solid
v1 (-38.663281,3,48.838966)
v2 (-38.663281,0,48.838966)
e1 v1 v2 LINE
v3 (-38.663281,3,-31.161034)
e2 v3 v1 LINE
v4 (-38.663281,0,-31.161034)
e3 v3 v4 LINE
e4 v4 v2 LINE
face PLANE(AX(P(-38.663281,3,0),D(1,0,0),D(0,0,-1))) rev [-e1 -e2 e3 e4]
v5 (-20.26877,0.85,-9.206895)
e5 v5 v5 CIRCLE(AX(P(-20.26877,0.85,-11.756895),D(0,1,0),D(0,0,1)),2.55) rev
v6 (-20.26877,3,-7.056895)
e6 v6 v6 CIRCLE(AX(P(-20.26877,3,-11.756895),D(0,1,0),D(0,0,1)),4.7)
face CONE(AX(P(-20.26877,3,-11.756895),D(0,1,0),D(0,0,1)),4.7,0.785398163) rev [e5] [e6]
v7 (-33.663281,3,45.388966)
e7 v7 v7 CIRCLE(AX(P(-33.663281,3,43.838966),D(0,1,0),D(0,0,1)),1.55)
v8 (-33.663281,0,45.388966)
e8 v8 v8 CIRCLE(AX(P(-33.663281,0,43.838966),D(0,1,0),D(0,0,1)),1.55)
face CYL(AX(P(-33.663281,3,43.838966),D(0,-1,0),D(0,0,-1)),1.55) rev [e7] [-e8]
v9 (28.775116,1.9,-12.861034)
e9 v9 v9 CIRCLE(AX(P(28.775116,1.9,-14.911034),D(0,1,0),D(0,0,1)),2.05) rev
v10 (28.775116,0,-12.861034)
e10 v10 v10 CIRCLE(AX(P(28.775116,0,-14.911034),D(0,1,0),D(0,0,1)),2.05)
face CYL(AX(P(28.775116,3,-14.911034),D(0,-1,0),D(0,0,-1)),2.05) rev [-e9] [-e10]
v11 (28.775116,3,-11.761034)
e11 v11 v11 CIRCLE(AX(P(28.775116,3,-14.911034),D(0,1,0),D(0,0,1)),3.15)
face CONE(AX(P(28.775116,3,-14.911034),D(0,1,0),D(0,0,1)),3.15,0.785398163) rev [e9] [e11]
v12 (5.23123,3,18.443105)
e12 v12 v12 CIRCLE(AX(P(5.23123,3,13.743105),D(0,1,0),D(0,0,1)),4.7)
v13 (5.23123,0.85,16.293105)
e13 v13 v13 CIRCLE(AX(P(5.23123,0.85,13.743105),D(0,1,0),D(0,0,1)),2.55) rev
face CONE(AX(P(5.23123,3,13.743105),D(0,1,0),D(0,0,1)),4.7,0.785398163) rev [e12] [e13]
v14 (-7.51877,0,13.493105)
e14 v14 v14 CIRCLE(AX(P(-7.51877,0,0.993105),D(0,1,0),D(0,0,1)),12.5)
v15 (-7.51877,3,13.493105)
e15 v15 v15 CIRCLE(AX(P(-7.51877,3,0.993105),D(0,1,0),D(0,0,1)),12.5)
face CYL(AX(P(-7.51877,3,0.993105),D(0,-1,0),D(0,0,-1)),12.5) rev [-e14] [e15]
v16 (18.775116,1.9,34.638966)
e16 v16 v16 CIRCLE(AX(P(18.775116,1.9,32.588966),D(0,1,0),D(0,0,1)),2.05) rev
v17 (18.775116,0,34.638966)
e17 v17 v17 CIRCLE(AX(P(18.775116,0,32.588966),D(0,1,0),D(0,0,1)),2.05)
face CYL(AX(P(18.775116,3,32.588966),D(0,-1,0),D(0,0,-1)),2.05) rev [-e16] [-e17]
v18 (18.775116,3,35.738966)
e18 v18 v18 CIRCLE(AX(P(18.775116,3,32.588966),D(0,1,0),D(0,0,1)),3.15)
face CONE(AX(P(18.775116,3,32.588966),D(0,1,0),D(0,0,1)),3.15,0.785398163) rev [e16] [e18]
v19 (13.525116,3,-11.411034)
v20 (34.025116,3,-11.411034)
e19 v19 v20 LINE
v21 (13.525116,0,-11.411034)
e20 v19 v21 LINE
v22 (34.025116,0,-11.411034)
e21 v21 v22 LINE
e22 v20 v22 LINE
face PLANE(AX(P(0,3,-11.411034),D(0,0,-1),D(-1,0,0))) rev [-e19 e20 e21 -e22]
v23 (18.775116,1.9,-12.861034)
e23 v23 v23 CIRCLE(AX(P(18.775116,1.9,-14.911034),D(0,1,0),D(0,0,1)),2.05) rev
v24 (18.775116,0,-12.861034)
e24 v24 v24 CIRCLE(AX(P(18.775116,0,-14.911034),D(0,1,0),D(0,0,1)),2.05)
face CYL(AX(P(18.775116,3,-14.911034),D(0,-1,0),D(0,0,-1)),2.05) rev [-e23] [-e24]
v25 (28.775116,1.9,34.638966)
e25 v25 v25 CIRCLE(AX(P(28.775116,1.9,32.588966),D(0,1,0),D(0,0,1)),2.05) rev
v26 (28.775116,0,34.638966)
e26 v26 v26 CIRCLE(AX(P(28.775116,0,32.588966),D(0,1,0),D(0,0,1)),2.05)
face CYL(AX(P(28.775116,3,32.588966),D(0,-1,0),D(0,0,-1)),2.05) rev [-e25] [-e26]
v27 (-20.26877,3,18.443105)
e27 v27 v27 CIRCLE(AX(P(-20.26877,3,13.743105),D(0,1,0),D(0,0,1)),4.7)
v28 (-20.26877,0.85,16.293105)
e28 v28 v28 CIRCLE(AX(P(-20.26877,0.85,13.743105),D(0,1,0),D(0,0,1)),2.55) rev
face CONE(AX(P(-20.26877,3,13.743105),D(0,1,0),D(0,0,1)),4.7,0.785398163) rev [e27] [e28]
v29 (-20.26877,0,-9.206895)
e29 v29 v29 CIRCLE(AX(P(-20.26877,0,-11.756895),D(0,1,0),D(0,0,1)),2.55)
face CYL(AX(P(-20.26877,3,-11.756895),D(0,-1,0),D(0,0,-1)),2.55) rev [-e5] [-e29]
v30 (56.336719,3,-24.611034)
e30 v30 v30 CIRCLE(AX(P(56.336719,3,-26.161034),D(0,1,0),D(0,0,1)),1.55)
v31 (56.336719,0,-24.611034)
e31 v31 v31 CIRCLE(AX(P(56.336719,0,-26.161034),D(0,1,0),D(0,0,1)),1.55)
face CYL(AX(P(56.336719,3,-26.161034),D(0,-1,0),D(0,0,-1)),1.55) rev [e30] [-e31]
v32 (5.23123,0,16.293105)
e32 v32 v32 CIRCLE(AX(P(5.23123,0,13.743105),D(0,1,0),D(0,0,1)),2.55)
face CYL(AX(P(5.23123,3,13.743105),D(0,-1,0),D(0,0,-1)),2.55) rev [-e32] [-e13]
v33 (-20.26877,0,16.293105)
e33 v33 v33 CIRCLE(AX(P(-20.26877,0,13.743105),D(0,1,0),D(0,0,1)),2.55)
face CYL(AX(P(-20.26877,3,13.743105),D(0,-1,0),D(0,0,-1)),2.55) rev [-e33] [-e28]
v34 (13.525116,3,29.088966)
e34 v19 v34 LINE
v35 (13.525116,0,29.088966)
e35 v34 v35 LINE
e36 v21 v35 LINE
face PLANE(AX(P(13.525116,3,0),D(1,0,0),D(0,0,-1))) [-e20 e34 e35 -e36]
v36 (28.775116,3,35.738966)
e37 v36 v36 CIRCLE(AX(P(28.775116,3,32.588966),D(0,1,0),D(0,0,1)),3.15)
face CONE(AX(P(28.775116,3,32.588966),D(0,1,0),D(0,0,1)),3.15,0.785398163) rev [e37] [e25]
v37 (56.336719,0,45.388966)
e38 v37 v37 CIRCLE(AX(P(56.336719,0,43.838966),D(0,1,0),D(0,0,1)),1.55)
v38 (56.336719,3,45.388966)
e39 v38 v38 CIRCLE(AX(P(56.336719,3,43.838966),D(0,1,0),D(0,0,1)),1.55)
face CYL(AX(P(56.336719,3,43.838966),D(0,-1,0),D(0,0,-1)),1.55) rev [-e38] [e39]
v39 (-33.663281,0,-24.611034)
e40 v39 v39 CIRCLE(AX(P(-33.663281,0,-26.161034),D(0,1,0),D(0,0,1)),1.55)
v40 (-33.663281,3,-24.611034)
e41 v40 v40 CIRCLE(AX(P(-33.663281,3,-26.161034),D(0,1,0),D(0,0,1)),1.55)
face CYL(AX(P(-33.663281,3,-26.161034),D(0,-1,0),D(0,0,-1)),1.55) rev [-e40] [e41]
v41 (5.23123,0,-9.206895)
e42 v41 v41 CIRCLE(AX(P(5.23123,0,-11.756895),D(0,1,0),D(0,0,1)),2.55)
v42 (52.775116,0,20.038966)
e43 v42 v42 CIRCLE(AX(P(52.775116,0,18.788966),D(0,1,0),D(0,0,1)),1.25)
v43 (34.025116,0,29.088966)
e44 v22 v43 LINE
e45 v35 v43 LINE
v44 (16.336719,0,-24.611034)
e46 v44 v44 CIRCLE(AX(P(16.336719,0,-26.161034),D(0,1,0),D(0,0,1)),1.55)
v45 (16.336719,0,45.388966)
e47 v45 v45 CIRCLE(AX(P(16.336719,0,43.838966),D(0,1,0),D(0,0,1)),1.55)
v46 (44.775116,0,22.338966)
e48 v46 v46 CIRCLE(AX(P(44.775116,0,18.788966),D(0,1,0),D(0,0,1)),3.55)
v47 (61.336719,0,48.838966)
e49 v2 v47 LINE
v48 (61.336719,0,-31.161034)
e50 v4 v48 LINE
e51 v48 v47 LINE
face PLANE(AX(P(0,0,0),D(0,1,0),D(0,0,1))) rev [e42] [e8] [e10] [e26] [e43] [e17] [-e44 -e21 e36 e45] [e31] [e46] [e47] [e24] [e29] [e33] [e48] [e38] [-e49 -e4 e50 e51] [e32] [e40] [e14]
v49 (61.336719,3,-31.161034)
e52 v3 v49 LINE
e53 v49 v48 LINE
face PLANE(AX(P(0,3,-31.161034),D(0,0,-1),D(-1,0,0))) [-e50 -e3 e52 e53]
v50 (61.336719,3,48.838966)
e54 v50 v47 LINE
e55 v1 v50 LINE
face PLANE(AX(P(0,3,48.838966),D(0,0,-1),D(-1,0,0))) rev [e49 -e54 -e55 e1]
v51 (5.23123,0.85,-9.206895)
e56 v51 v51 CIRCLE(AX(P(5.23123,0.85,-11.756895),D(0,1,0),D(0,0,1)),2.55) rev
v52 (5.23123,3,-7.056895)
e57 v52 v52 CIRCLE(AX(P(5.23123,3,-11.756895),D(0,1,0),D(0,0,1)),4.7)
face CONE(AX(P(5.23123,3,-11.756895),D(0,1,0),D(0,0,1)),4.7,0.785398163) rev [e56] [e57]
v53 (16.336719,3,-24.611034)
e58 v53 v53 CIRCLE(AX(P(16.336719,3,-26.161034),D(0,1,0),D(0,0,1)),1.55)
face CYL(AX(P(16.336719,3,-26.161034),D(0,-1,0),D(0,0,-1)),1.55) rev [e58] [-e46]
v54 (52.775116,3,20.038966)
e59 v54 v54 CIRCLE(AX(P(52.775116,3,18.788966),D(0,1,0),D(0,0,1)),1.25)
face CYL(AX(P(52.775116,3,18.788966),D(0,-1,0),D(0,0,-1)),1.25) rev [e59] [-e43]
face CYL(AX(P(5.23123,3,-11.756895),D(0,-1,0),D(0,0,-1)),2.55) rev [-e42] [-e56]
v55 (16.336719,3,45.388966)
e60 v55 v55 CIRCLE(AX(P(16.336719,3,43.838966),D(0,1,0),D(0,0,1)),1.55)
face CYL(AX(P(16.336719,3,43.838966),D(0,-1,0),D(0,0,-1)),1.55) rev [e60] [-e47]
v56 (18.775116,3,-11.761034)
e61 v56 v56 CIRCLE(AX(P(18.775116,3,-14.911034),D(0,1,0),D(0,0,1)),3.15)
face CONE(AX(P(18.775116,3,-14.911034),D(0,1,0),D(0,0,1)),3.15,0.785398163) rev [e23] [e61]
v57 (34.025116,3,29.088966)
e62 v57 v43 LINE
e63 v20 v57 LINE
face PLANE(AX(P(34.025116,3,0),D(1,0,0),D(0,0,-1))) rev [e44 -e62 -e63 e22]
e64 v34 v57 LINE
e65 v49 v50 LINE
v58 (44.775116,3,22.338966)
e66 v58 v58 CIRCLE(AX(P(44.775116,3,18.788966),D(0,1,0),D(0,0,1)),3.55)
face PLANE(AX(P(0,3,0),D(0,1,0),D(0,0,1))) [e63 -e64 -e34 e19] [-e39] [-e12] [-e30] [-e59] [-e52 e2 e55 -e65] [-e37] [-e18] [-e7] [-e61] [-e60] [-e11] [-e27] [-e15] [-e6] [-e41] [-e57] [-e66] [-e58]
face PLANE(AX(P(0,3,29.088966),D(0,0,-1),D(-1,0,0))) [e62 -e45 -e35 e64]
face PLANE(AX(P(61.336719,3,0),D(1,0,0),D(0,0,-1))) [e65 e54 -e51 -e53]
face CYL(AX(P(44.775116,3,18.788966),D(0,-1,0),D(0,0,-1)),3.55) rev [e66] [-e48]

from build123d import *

# Parameters (mm, degrees)
SZKIC1_W                                     = 100
SZKIC1_H                                     = 80
SZKIC1_R                                     = 12.5
SZKIC1_R_2                                   = 2.55
SZKIC1_R_3                                   = 2.05
SZKIC1_R_4                                   = 3.55
SZKIC1_R_5                                   = 1.55
SZKIC1_R_6                                   = 1.25
SZKIC1_W_2                                   = 20.5
SZKIC1_H_2                                   = 40.5
DODANIE_WYCI_GNI_CIE1_DEPTH                  = 3
CSK_FOR_M4_COUNTERSUNK_FLAT_HEAD_SCR_2_COUNT = 2
CSK_FOR_M4_COUNTERSUNK_FLAT_HEAD_SCR_2_PITCH = 25.5
CSK_FOR_M4_COUNTERSUNK_FLAT_HEAD_SCR_3_COUNT = 2
CSK_FOR_M4_COUNTERSUNK_FLAT_HEAD_SCR_3_PITCH = 36.062445841
CSK_FOR_M4_COUNTERSUNK_FLAT_HEAD_SCR_4_COUNT = 2
CSK_FOR_M4_COUNTERSUNK_FLAT_HEAD_SCR_4_PITCH = 25.5
CSK_FOR_M3_COUNTERSUNK_FLAT_HEAD_SCR_2_COUNT = 2
CSK_FOR_M3_COUNTERSUNK_FLAT_HEAD_SCR_2_PITCH = 10
CSK_FOR_M3_COUNTERSUNK_FLAT_HEAD_SCR_3_COUNT = 2
CSK_FOR_M3_COUNTERSUNK_FLAT_HEAD_SCR_3_PITCH = 47.5
CSK_FOR_M3_COUNTERSUNK_FLAT_HEAD_SCR_4_COUNT = 2
CSK_FOR_M3_COUNTERSUNK_FLAT_HEAD_SCR_4_PITCH = 48.541219597


with BuildPart() as part:
    # Szkic1 → Dodanie-wyciągnięcie1 (new body)
    with BuildSketch(Plane(origin=(0, 0, 0), x_dir=(1, 0, 0), z_dir=(0, 1, 0))):
        with Locations((11.336719097, -8.838965942)):
            Rectangle(SZKIC1_W, SZKIC1_H)
        with Locations((-7.518770099, -0.993104788)):
            Circle(SZKIC1_R, mode=Mode.SUBTRACT)
        with Locations((-20.268770099, 11.756895212)):
            Circle(SZKIC1_R_2, mode=Mode.SUBTRACT)
        with Locations((5.231229901, 11.756895212)):
            Circle(SZKIC1_R_2, mode=Mode.SUBTRACT)
        with Locations((5.231229901, -13.743104788)):
            Circle(SZKIC1_R_2, mode=Mode.SUBTRACT)
        with Locations((-20.268770099, -13.743104788)):
            Circle(SZKIC1_R_2, mode=Mode.SUBTRACT)
        with Locations((18.775116298, 14.911034058)):
            Circle(SZKIC1_R_3, mode=Mode.SUBTRACT)
        with Locations((28.775116298, 14.911034058)):
            Circle(SZKIC1_R_3, mode=Mode.SUBTRACT)
        with Locations((18.775116298, -32.588965942)):
            Circle(SZKIC1_R_3, mode=Mode.SUBTRACT)
        with Locations((28.775116298, -32.588965942)):
            Circle(SZKIC1_R_3, mode=Mode.SUBTRACT)
        with Locations((44.775116298, -18.788965942)):
            Circle(SZKIC1_R_4, mode=Mode.SUBTRACT)
        with Locations((-33.663280903, 26.161034058)):
            Circle(SZKIC1_R_5, mode=Mode.SUBTRACT)
        with Locations((56.336719097, 26.161034058)):
            Circle(SZKIC1_R_5, mode=Mode.SUBTRACT)
        with Locations((56.336719097, -43.838965942)):
            Circle(SZKIC1_R_5, mode=Mode.SUBTRACT)
        with Locations((-33.663280903, -43.838965942)):
            Circle(SZKIC1_R_5, mode=Mode.SUBTRACT)
        with Locations((16.336719097, 26.161034058)):
            Circle(SZKIC1_R_5, mode=Mode.SUBTRACT)
        with Locations((16.336719097, -43.838965942)):
            Circle(SZKIC1_R_5, mode=Mode.SUBTRACT)
        with Locations((52.775116298, -18.788965942)):
            Circle(SZKIC1_R_6, mode=Mode.SUBTRACT)
        with Locations((23.775116298, -8.838965942)):
            Rectangle(SZKIC1_W_2, SZKIC1_H_2, mode=Mode.SUBTRACT)
    extrude(amount=DODANIE_WYCI_GNI_CIE1_DEPTH)

    # Sketch4 → CSK for M4 Countersunk Flat Head Screw1 (revolve, cut)
    with BuildSketch(Plane(origin=(-20.268770099, 3, 13.743104788), x_dir=(0, 0, 1), z_dir=(1, 0, 0))):
        Polygon((0, 0), (0, 3), (2.25, 3), (2.25, 2.45), (4.7, 0), align=None)
    csk_for_m4_countersunk_flat_head_screw1 = revolve(axis=Axis((-20.268770099, 9.35, 13.743104788), (0, -1, 0)), mode=Mode.SUBTRACT)

    # CSK for M4 Countersunk Flat Head Scr 2: CSK for M4 Countersunk Flat Head Screw1 ×2
    with Locations(*[(i * CSK_FOR_M4_COUNTERSUNK_FLAT_HEAD_SCR_2_PITCH, 0, 0) for i in range(1, CSK_FOR_M4_COUNTERSUNK_FLAT_HEAD_SCR_2_COUNT)]):
        add(csk_for_m4_countersunk_flat_head_screw1, mode=Mode.SUBTRACT)

    # CSK for M4 Countersunk Flat Head Scr 3: CSK for M4 Countersunk Flat Head Screw1 ×2
    with Locations(*[Vector(0.707106781, 0, -0.707106781) * (i * CSK_FOR_M4_COUNTERSUNK_FLAT_HEAD_SCR_3_PITCH) for i in range(1, CSK_FOR_M4_COUNTERSUNK_FLAT_HEAD_SCR_3_COUNT)]):
        add(csk_for_m4_countersunk_flat_head_screw1, mode=Mode.SUBTRACT)

    # CSK for M4 Countersunk Flat Head Scr 4: CSK for M4 Countersunk Flat Head Screw1 ×2
    with Locations(*[(0, 0, -i * CSK_FOR_M4_COUNTERSUNK_FLAT_HEAD_SCR_4_PITCH) for i in range(1, CSK_FOR_M4_COUNTERSUNK_FLAT_HEAD_SCR_4_COUNT)]):
        add(csk_for_m4_countersunk_flat_head_screw1, mode=Mode.SUBTRACT)

    # Sketch6 → CSK for M3 Countersunk Flat Head Screw1 (revolve, cut)
    with BuildSketch(Plane(origin=(18.775116298, 3, -14.911034058), x_dir=(0, 0, 1), z_dir=(1, 0, 0))):
        Polygon((0, 0), (0, 3), (1.7, 3), (1.7, 1.45), (3.15, 0), align=None)
    csk_for_m3_countersunk_flat_head_screw1 = revolve(axis=Axis((18.775116298, 9.35, -14.911034058), (0, -1, 0)), mode=Mode.SUBTRACT)

    # CSK for M3 Countersunk Flat Head Scr 2: CSK for M3 Countersunk Flat Head Screw1 ×2
    with Locations(*[(i * CSK_FOR_M3_COUNTERSUNK_FLAT_HEAD_SCR_2_PITCH, 0, 0) for i in range(1, CSK_FOR_M3_COUNTERSUNK_FLAT_HEAD_SCR_2_COUNT)]):
        add(csk_for_m3_countersunk_flat_head_screw1, mode=Mode.SUBTRACT)

    # CSK for M3 Countersunk Flat Head Scr 3: CSK for M3 Countersunk Flat Head Screw1 ×2
    with Locations(*[(0, 0, i * CSK_FOR_M3_COUNTERSUNK_FLAT_HEAD_SCR_3_PITCH) for i in range(1, CSK_FOR_M3_COUNTERSUNK_FLAT_HEAD_SCR_3_COUNT)]):
        add(csk_for_m3_countersunk_flat_head_screw1, mode=Mode.SUBTRACT)

    # CSK for M3 Countersunk Flat Head Scr 4: CSK for M3 Countersunk Flat Head Screw1 ×2
    with Locations(*[Vector(0.206010481, 0, 0.978549785) * (i * CSK_FOR_M3_COUNTERSUNK_FLAT_HEAD_SCR_4_PITCH) for i in range(1, CSK_FOR_M3_COUNTERSUNK_FLAT_HEAD_SCR_4_COUNT)]):
        add(csk_for_m3_countersunk_flat_head_screw1, mode=Mode.SUBTRACT)


solid = part.part
